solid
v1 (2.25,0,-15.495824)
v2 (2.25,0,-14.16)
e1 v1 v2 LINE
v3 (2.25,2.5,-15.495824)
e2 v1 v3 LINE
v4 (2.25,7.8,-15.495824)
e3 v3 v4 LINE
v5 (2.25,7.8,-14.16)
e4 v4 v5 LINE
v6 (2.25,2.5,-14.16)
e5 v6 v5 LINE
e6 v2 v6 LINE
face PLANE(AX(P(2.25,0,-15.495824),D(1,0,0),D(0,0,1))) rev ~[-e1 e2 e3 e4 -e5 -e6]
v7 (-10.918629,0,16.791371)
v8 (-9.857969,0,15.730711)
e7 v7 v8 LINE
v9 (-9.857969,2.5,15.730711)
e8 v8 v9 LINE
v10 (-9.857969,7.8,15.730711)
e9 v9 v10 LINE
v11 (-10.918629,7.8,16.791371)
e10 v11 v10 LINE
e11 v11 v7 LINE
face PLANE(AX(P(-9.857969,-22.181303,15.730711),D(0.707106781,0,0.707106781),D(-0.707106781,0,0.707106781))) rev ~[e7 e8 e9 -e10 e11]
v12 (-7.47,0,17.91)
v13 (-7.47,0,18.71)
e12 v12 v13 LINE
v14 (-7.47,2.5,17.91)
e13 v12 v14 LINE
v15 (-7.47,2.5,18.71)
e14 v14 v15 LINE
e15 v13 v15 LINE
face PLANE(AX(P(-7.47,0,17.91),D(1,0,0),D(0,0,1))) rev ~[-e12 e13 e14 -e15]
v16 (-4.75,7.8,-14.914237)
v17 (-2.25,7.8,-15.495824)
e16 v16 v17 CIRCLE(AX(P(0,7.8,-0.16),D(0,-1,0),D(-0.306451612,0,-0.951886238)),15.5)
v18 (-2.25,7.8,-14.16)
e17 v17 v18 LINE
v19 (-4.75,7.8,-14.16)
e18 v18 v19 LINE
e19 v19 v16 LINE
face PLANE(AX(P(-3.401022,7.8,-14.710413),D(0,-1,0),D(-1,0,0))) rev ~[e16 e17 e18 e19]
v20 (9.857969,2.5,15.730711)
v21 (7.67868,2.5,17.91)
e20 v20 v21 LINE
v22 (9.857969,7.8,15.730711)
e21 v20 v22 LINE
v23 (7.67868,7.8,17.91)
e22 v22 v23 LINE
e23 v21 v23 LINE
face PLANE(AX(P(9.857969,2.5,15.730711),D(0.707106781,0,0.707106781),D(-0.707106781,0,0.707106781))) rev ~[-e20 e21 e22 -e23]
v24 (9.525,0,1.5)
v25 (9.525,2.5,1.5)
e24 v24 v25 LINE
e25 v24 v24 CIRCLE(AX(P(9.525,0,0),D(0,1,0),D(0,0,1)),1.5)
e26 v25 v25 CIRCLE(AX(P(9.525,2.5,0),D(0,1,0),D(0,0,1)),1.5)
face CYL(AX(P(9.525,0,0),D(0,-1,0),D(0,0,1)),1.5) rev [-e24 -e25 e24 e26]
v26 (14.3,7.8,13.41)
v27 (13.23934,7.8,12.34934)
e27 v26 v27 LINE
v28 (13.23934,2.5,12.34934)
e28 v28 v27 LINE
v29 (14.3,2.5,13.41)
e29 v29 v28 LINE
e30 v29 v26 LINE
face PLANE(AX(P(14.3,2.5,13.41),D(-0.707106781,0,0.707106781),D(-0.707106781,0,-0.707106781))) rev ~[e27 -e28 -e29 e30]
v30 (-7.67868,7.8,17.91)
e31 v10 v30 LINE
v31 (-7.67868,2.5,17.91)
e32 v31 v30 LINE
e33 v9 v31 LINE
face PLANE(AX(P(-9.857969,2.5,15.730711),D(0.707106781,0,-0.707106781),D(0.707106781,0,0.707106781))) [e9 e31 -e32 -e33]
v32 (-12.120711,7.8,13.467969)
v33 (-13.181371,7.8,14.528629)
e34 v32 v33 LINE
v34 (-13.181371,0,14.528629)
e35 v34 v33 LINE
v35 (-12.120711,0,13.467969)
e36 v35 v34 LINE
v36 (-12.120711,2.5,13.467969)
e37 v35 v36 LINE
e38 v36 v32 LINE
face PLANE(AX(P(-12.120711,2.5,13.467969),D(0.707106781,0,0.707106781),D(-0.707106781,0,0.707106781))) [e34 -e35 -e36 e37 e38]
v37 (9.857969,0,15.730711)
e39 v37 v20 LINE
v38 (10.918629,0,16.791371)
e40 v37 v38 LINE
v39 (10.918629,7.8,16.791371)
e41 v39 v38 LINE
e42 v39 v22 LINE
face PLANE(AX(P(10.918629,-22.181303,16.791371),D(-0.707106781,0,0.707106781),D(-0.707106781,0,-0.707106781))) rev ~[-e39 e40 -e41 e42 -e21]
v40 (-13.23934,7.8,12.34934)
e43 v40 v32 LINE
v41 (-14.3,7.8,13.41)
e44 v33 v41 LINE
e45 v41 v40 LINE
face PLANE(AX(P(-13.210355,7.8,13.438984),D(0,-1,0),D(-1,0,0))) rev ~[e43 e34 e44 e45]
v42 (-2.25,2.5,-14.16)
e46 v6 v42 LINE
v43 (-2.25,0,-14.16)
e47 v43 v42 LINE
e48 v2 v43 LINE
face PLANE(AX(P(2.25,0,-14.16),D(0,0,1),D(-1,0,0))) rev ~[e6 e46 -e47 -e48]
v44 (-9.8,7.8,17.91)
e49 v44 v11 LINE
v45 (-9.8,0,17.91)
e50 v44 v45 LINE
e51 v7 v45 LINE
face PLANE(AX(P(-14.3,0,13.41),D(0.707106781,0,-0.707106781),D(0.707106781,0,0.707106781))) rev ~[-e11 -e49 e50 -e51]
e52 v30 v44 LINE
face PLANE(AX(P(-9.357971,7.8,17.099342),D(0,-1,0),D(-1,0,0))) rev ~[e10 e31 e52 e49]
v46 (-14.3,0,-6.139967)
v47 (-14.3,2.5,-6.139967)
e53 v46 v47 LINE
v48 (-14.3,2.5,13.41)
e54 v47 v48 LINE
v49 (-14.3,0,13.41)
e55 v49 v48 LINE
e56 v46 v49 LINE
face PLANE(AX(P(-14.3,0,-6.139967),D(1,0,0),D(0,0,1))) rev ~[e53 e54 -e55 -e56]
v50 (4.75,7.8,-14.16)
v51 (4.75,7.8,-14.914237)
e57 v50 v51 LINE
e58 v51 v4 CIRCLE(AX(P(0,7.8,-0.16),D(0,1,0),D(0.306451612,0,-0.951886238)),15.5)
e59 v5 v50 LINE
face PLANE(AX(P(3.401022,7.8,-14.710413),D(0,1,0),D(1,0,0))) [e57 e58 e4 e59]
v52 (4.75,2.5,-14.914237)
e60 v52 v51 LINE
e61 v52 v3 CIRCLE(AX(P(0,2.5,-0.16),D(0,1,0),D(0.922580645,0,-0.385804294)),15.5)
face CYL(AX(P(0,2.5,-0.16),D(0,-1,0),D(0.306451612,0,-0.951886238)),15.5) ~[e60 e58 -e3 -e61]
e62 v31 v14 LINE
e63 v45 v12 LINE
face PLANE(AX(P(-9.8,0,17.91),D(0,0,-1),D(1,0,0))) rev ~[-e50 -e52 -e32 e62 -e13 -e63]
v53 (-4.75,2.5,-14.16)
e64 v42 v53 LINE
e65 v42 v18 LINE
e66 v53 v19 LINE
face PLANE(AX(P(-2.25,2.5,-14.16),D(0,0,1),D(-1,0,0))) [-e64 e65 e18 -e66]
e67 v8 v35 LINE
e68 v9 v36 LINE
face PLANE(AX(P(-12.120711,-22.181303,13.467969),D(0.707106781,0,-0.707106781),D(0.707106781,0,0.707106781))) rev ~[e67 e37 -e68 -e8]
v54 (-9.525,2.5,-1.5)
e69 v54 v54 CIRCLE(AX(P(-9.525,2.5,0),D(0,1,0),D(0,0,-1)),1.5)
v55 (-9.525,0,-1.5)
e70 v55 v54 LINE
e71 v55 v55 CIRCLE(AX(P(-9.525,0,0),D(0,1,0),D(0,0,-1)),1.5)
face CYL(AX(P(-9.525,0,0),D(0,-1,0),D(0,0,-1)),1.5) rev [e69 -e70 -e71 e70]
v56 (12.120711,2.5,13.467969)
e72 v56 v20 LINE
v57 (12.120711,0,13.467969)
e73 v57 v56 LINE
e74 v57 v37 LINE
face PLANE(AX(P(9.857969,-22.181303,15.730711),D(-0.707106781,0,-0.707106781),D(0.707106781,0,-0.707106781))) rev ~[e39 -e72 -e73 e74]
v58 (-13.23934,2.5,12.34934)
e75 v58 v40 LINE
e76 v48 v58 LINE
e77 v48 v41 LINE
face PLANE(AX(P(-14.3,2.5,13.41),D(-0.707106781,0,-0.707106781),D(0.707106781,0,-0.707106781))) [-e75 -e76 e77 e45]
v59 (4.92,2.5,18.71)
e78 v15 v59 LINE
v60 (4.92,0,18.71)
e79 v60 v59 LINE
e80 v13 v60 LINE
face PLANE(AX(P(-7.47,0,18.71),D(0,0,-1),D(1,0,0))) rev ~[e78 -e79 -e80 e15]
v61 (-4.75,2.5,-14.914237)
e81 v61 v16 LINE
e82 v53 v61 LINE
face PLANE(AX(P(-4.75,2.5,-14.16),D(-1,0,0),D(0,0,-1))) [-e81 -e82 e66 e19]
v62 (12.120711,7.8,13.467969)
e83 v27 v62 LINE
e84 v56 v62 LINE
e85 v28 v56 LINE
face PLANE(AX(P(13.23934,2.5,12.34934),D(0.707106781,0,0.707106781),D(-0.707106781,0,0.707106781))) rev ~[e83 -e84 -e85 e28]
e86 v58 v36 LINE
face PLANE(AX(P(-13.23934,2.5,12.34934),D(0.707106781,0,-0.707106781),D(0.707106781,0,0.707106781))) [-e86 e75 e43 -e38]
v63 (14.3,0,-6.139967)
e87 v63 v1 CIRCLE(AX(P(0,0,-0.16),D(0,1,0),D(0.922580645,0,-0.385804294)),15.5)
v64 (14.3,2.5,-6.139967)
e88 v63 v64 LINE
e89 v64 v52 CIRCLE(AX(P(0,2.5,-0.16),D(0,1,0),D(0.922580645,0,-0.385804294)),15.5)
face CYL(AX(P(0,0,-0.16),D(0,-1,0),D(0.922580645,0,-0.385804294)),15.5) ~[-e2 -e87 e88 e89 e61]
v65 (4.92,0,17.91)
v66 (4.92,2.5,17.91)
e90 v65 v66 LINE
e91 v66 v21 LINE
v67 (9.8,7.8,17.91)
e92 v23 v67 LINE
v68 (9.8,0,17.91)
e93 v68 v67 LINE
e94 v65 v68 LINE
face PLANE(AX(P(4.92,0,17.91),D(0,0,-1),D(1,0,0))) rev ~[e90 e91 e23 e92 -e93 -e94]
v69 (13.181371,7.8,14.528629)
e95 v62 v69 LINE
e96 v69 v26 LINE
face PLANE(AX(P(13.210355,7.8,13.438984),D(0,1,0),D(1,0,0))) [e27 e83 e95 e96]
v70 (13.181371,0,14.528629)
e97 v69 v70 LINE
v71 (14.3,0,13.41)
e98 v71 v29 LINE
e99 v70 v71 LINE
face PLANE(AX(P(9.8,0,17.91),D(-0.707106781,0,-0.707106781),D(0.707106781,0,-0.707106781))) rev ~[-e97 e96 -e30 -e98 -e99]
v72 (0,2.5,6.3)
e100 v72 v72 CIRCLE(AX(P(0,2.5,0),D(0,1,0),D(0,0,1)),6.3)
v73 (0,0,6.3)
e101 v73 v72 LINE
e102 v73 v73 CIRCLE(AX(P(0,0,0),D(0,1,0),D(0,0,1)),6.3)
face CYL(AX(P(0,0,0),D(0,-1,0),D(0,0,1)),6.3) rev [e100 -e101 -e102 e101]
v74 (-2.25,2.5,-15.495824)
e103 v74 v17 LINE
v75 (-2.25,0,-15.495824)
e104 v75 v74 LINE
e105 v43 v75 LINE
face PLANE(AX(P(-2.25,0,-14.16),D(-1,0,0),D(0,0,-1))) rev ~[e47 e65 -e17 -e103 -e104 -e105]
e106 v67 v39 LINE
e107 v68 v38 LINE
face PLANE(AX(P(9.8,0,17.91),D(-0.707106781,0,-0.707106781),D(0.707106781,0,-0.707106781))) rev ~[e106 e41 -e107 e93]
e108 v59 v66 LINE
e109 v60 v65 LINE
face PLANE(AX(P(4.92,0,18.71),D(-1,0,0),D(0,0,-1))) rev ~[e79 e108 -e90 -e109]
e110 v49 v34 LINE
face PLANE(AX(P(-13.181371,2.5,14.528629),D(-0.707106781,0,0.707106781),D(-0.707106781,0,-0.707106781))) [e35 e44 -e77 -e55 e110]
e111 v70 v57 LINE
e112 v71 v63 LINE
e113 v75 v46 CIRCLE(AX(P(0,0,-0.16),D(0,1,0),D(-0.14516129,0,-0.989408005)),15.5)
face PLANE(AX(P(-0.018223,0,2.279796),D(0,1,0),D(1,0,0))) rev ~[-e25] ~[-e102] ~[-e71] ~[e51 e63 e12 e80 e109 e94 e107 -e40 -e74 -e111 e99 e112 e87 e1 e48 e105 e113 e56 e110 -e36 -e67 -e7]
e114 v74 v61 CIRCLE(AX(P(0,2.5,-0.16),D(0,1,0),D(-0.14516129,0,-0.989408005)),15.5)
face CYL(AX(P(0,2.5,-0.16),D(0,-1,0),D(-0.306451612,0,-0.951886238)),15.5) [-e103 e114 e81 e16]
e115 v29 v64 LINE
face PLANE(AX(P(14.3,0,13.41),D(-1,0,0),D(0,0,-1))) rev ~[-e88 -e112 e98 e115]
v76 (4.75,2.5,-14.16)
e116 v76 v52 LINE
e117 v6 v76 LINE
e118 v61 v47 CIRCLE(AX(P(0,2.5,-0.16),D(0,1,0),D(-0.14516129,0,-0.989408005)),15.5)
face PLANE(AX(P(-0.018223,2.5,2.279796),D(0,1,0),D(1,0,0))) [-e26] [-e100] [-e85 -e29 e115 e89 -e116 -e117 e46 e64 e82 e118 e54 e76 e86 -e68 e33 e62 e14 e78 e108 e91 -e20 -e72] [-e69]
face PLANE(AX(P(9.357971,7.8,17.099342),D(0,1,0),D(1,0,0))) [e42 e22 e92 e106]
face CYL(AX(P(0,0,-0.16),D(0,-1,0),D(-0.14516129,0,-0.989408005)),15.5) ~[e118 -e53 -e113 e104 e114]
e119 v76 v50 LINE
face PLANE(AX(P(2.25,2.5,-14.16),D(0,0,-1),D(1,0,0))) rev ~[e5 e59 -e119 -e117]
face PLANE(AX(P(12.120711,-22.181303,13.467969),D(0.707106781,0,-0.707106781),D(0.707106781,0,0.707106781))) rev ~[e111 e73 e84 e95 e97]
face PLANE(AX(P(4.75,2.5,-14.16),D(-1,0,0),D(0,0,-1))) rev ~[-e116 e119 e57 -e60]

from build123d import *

# Parameters (mm, degrees)
SKETCH1_R               = 1.5
SKETCH1_R_2             = 6.3
BOSS_EXTRUDE1_DEPTH     = 2.5
CUT_EXTRUDE1_DEPTH      = 24.681302751
CUT_EXTRUDE1_DEPTH_BACK = 24.681302751
BOSS_EXTRUDE2_DEPTH     = 5.3


with BuildPart() as part:
    # Sketch1 → Boss-Extrude1 (new body)
    with BuildSketch(Plane(origin=(0, 0, 0), x_dir=(1, 0, 0), z_dir=(0, 1, 0))):
        with BuildLine():
            Line((-14.3, 6.139966555), (-14.3, -13.41))
            Line((-14.3, -13.41), (-9.8, -17.91))
            Line((-9.8, -17.91), (-7.47, -17.91))
            Line((-7.47, -17.91), (-7.47, -18.71))
            Line((-7.47, -18.71), (4.92, -18.71))
            Line((4.92, -18.71), (4.92, -17.91))
            Line((4.92, -17.91), (9.8, -17.91))
            Line((9.8, -17.91), (14.3, -13.41))
            Line((14.3, -13.41), (14.3, 6.139966555))
            ThreePointArc((14.3, 6.139966555), (9.505716305, 12.4030126), (2.25, 15.495824073))
            Line((2.25, 15.495824073), (2.25, 14.16))
            Line((2.25, 14.16), (-2.25, 14.16))
            Line((-2.25, 14.16), (-2.25, 15.495824073))
            ThreePointArc((-2.25, 15.495824073), (-9.505716305, 12.4030126), (-14.3, 6.139966555))
        make_face()
        with Locations(Location((9.525, 0, 0), (0, 0, 270))):
            Circle(SKETCH1_R, mode=Mode.SUBTRACT)
        with Locations(Location((-9.525, 0, 0), (0, 0, 90))):
            Circle(SKETCH1_R, mode=Mode.SUBTRACT)
        with Locations(Location((0, 0, 0), (0, 0, 270))):
            Circle(SKETCH1_R_2, mode=Mode.SUBTRACT)
    extrude(amount=BOSS_EXTRUDE1_DEPTH)

    # Sketch2 → Cut-Extrude1 (cut, two sides: drawn at the far end of the back side and taken through both)
    with BuildSketch(Plane(origin=(0, 2.5, 0), x_dir=(1, 0, 0), z_dir=(0, 1, 0)).offset(-CUT_EXTRUDE1_DEPTH_BACK)):
        Polygon((-12.120710678, -13.467968978), (-9.857968978, -15.730710678), (-10.91862915, -16.79137085), (-13.18137085, -14.52862915), align=None)
        Polygon((12.120710678, -13.467968978), (13.18137085, -14.52862915), (10.91862915, -16.79137085), (9.857968978, -15.730710678), align=None)
    extrude(amount=CUT_EXTRUDE1_DEPTH + CUT_EXTRUDE1_DEPTH_BACK, mode=Mode.SUBTRACT)

    # Sketch3 → Boss-Extrude2 (add)
    with BuildSketch(Plane(origin=(0, 2.5, 0), x_dir=(1, 0, 0), z_dir=(0, 1, 0))):
        Polygon((-13.18137085, -14.52862915), (-14.3, -13.41), (-13.239339828, -12.349339828), (-12.120710678, -13.467968978), align=None)
        Polygon((-10.91862915, -16.79137085), (-9.857968978, -15.730710678), (-7.678679656, -17.91), (-9.8, -17.91), align=None)
        Polygon((13.239339828, -12.349339828), (12.120710678, -13.467968978), (13.18137085, -14.52862915), (14.3, -13.41), align=None)
        Polygon((7.678679656, -17.91), (9.8, -17.91), (10.91862915, -16.79137085), (9.857968978, -15.730710678), align=None)
        with BuildLine():
            Line((2.25, 15.495824073), (2.25, 14.16))
            Line((2.25, 14.16), (4.75, 14.16))
            Line((4.75, 14.16), (4.75, 14.91423668))
            ThreePointArc((4.75, 14.91423668), (3.512059364, 15.256868517), (2.25, 15.495824073))
        make_face()
        with BuildLine():
            Line((-2.25, 15.495824073), (-2.25, 14.16))
            Line((-2.25, 14.16), (-4.75, 14.16))
            Line((-4.75, 14.16), (-4.75, 14.91423668))
            ThreePointArc((-4.75, 14.91423668), (-3.512059364, 15.256868517), (-2.25, 15.495824073))
        make_face()
    extrude(amount=BOSS_EXTRUDE2_DEPTH)


solid = part.part
